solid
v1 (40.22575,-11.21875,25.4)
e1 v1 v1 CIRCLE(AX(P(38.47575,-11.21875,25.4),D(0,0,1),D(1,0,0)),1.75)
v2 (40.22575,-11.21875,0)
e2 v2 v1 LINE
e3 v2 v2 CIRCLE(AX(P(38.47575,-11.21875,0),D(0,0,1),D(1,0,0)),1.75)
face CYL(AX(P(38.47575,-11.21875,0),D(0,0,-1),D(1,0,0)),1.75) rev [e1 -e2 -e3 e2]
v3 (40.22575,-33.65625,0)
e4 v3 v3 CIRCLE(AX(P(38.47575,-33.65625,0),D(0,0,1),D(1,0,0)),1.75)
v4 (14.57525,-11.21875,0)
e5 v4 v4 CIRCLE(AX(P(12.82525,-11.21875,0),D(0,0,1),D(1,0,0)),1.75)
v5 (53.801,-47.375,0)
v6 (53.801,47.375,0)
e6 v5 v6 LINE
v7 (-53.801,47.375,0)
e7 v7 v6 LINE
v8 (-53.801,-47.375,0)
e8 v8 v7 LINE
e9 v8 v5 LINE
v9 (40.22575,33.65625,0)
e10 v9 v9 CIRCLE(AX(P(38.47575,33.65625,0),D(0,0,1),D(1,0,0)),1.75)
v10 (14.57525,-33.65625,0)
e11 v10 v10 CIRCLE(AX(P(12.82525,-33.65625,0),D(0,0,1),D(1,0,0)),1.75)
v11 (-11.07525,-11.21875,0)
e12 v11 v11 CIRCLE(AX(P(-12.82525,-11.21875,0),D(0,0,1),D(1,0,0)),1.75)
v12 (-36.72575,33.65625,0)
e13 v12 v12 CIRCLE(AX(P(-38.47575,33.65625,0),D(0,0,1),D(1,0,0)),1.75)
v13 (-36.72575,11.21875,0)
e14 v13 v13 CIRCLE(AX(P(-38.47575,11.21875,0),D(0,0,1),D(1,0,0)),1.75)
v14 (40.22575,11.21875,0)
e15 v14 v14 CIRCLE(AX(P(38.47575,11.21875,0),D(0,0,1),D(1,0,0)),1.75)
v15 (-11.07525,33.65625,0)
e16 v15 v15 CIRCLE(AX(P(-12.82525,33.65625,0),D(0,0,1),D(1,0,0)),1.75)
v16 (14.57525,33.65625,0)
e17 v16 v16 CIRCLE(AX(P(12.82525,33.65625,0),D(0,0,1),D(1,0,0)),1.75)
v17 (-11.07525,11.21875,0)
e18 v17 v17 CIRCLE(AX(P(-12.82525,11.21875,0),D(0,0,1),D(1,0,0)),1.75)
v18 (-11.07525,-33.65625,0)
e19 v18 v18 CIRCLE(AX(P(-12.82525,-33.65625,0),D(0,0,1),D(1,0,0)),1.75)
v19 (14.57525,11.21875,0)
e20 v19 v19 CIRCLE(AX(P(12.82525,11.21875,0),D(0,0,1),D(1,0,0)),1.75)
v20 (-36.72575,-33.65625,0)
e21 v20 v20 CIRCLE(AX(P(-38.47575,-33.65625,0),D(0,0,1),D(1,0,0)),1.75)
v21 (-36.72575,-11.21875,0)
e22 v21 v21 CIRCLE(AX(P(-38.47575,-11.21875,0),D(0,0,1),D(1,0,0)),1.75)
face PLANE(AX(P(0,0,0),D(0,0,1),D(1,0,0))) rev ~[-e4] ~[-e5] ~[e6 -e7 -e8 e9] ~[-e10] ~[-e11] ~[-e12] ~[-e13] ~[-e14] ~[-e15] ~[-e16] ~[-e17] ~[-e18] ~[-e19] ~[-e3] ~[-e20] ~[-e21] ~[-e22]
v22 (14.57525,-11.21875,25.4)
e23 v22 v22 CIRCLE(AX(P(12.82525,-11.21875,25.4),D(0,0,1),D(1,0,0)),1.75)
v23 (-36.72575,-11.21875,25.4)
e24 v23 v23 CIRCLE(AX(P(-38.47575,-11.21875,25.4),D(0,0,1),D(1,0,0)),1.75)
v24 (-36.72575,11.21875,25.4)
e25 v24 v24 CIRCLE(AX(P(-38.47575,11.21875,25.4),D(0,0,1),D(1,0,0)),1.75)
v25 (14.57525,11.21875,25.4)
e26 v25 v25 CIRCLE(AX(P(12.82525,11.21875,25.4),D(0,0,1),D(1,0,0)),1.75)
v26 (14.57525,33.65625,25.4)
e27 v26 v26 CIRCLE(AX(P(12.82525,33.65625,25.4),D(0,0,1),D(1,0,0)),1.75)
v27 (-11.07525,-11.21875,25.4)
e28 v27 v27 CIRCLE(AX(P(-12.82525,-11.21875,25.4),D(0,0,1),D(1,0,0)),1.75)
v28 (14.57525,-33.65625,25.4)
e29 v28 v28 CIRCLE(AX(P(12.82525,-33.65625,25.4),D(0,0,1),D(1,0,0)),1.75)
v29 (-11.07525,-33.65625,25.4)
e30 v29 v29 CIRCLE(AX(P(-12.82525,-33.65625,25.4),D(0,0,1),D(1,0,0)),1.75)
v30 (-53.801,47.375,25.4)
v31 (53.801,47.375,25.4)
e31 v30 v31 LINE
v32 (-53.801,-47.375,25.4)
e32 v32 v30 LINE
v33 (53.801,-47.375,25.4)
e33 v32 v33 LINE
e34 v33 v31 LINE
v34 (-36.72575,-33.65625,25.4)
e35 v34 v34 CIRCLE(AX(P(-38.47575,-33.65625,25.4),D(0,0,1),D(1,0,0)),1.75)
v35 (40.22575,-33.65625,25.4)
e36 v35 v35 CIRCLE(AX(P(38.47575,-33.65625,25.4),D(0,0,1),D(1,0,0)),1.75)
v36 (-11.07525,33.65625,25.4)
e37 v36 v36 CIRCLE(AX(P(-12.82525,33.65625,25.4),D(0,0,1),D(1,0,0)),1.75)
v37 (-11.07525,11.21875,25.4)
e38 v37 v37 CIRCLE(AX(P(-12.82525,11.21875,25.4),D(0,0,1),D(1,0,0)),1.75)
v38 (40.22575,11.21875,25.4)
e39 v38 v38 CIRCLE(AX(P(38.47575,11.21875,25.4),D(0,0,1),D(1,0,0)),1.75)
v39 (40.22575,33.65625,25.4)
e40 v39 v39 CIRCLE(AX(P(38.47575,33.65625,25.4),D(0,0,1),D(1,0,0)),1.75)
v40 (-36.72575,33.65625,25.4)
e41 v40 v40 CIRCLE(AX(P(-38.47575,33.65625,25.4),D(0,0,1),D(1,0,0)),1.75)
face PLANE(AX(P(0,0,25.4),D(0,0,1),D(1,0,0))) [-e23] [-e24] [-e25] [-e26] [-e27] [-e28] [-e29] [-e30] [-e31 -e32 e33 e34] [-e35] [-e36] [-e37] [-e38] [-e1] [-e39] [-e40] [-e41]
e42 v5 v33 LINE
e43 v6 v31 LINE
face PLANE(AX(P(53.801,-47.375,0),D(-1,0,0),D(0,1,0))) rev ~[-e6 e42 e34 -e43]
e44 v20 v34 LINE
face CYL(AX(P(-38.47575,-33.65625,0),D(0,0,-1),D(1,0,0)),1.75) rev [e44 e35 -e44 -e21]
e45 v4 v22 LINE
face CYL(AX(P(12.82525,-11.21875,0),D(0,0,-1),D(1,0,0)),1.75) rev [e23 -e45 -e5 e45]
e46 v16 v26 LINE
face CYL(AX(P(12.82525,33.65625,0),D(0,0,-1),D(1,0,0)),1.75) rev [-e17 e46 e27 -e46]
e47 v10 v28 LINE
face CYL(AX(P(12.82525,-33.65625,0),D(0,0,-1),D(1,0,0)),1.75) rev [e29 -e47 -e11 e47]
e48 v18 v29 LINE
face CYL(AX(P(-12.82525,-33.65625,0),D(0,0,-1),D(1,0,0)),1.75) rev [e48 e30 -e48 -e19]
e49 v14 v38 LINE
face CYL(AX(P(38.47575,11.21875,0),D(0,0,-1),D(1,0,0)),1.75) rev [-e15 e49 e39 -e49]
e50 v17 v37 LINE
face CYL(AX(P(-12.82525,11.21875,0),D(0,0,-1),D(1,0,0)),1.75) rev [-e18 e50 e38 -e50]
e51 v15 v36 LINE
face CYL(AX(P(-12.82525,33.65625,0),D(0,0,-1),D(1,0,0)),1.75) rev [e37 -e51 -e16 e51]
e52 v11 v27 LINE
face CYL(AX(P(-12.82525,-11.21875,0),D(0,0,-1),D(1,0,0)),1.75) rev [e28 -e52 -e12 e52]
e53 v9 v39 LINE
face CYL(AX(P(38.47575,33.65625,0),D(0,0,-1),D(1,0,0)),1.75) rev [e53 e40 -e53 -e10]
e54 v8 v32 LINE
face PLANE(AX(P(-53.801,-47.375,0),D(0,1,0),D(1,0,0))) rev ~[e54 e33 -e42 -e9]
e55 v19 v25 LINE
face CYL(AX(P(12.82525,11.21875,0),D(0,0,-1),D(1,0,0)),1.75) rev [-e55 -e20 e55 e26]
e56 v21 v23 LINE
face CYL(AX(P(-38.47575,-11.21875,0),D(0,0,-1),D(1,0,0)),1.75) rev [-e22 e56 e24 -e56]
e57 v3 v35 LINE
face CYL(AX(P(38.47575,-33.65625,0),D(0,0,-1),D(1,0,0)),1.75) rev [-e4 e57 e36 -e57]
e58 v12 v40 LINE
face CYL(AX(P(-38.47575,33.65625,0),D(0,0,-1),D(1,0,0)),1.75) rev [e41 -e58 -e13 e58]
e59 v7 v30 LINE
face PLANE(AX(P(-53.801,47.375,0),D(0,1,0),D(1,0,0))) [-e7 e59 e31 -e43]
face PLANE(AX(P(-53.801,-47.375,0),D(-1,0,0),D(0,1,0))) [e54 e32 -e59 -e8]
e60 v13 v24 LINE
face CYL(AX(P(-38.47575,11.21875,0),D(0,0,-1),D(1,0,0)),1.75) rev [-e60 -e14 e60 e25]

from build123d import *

# Parameters (mm, degrees)
F0_W     = 107.602
F0_H     = 94.75
F0_R     = 1.75
F1_DEPTH = 25.4


with BuildPart() as f1:
    # F0 (on Top) → F1 (new body)
    with BuildSketch(Plane.XY):
        Rectangle(F0_W, F0_H)
        with Locations((-38.47575, -33.65625)):
            Circle(F0_R, mode=Mode.SUBTRACT)
        with Locations((-12.82525, -33.65625)):
            Circle(F0_R, mode=Mode.SUBTRACT)
        with Locations((-38.47575, -11.21875)):
            Circle(F0_R, mode=Mode.SUBTRACT)
        with Locations((-12.82525, -11.21875)):
            Circle(F0_R, mode=Mode.SUBTRACT)
        with Locations((12.82525, -33.65625)):
            Circle(F0_R, mode=Mode.SUBTRACT)
        with Locations((38.47575, -33.65625)):
            Circle(F0_R, mode=Mode.SUBTRACT)
        with Locations((12.82525, -11.21875)):
            Circle(F0_R, mode=Mode.SUBTRACT)
        with Locations((38.47575, -11.21875)):
            Circle(F0_R, mode=Mode.SUBTRACT)
        with Locations((-38.47575, 11.21875)):
            Circle(F0_R, mode=Mode.SUBTRACT)
        with Locations((-12.82525, 11.21875)):
            Circle(F0_R, mode=Mode.SUBTRACT)
        with Locations((-38.47575, 33.65625)):
            Circle(F0_R, mode=Mode.SUBTRACT)
        with Locations((-12.82525, 33.65625)):
            Circle(F0_R, mode=Mode.SUBTRACT)
        with Locations((12.82525, 11.21875)):
            Circle(F0_R, mode=Mode.SUBTRACT)
        with Locations((38.47575, 11.21875)):
            Circle(F0_R, mode=Mode.SUBTRACT)
        with Locations((12.82525, 33.65625)):
            Circle(F0_R, mode=Mode.SUBTRACT)
        with Locations((38.47575, 33.65625)):
            Circle(F0_R, mode=Mode.SUBTRACT)
    extrude(amount=F1_DEPTH)


solid = f1.part
